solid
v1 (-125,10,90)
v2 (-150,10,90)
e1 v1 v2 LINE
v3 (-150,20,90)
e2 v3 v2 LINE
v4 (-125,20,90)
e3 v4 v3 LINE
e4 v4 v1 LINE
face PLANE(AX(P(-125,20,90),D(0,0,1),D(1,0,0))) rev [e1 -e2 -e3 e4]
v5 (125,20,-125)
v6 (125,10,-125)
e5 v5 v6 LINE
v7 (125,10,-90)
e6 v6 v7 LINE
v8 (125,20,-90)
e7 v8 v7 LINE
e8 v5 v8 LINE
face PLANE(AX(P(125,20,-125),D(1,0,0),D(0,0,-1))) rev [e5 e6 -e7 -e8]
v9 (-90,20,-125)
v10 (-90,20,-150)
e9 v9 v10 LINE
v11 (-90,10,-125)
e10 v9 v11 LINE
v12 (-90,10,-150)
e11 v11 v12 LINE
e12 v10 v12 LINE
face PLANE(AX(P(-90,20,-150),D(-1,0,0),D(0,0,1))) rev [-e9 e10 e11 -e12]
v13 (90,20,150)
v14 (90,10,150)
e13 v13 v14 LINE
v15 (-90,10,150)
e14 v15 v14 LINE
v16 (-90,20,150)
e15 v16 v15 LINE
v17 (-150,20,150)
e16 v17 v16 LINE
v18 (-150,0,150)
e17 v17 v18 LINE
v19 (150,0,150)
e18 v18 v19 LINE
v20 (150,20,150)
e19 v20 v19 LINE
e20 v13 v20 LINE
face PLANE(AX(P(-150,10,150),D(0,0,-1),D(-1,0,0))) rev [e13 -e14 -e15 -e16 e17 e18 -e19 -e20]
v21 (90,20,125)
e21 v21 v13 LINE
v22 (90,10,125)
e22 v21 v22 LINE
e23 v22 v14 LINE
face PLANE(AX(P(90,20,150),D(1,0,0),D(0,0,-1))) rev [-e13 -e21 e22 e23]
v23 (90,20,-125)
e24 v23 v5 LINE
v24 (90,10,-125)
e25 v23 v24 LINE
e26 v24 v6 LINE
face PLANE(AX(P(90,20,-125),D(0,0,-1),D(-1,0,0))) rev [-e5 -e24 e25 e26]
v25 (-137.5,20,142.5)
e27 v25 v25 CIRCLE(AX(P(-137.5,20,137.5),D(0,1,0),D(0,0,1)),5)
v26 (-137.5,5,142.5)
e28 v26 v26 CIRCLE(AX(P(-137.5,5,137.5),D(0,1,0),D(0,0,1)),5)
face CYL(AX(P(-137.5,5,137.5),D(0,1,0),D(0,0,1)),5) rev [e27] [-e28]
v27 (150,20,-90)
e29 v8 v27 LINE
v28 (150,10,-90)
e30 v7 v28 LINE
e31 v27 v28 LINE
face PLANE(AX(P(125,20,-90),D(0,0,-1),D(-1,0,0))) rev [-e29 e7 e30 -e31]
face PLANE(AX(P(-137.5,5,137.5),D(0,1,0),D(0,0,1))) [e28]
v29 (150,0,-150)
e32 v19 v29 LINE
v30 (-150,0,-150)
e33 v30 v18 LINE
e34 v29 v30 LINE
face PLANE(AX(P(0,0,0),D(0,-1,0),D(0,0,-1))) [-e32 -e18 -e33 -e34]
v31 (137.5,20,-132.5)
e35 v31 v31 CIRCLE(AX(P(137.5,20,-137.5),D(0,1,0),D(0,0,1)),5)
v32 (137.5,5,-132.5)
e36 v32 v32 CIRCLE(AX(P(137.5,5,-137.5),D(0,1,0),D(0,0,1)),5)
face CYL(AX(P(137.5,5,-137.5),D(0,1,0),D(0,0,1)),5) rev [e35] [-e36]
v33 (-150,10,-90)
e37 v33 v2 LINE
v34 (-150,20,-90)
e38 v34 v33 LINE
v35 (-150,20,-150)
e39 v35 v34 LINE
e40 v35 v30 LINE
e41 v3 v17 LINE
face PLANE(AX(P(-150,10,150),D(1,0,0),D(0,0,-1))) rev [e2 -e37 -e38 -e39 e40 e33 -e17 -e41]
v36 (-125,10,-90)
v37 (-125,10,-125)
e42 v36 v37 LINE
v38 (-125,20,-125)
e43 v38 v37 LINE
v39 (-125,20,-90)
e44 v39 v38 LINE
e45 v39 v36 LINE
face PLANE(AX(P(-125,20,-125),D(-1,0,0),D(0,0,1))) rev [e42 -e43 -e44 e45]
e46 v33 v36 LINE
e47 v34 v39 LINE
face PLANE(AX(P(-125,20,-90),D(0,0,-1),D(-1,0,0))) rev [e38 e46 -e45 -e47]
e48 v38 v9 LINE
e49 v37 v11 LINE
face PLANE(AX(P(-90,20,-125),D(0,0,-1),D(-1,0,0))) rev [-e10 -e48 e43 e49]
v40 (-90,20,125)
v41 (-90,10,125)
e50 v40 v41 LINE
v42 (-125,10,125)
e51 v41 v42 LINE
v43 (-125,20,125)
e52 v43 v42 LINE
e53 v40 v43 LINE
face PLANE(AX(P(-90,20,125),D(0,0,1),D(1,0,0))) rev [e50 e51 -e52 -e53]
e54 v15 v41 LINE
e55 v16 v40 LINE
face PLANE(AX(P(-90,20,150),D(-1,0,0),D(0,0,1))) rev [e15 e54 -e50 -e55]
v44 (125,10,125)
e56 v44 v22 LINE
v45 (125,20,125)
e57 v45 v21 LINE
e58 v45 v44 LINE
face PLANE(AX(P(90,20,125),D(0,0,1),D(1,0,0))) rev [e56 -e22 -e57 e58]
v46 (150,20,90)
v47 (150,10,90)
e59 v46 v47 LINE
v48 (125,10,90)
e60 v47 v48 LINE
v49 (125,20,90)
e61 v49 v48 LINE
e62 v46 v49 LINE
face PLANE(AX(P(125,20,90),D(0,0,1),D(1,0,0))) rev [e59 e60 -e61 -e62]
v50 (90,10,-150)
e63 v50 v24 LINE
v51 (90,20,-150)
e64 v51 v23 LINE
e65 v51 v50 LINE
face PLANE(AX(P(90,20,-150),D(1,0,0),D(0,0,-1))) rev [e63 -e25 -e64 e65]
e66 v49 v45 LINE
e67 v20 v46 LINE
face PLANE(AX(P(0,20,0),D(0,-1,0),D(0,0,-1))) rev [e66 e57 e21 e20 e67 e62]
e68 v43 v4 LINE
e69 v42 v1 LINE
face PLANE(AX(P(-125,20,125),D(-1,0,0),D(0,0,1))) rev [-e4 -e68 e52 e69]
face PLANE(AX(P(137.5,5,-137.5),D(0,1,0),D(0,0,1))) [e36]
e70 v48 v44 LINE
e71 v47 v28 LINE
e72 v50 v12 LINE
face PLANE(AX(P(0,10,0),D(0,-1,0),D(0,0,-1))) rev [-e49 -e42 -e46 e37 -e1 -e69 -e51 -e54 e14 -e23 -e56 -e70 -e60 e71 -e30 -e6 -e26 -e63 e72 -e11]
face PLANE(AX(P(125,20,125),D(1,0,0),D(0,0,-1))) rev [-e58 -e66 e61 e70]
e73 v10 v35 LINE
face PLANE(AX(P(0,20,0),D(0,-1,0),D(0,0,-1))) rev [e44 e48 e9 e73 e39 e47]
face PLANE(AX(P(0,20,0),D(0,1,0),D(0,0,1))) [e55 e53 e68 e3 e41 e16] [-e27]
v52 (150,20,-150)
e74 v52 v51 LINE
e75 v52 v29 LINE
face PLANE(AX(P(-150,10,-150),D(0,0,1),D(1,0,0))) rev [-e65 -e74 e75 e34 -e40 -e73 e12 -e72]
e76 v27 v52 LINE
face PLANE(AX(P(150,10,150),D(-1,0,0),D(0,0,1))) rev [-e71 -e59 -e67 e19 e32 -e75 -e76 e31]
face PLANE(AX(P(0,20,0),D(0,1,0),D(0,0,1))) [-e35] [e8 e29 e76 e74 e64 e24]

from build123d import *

# Parameters (mm, degrees)
SKETCH1_W           = 300
SKETCH1_H           = 300
BOSS_EXTRUDE1_DEPTH = 10
BOSS_EXTRUDE2_DEPTH = 10
SKETCH3_R           = 5
CUT_EXTRUDE1_DEPTH  = 15


with BuildPart() as part:
    # Sketch1 → Boss-Extrude1 (new body)
    with BuildSketch(Plane(origin=(0, 0, 0), x_dir=(1, 0, 0), z_dir=(0, 1, 0))):
        Rectangle(SKETCH1_W, SKETCH1_H)
    extrude(amount=BOSS_EXTRUDE1_DEPTH)

    # Sketch2 → Boss-Extrude2 (add)
    with BuildSketch(Plane(origin=(0, 10, 0), x_dir=(1, 0, 0), z_dir=(0, 1, 0))):
        Polygon((150, 150), (90, 150), (90, 125), (125, 125), (125, 90), (150, 90), align=None)
        Polygon((-150, 90), (-150, 150), (-90, 150), (-90, 125), (-125, 125), (-125, 90), align=None)
        Polygon((-150, -150), (-90, -150), (-90, -125), (-125, -125), (-125, -90), (-150, -90), align=None)
        Polygon((150, -90), (150, -150), (90, -150), (90, -125), (125, -125), (125, -90), align=None)
    extrude(amount=BOSS_EXTRUDE2_DEPTH)

    # Sketch3 → Cut-Extrude1 (cut)
    with BuildSketch(Plane(origin=(0, 20, 0), x_dir=(1, 0, 0), z_dir=(0, 1, 0))):
        with Locations(Location((-137.5, -137.5, 0), (0, 0, 270))):
            Circle(SKETCH3_R)
        with Locations(Location((137.5, 137.5, 0), (0, 0, 270))):
            Circle(SKETCH3_R)
    extrude(amount=-CUT_EXTRUDE1_DEPTH, mode=Mode.SUBTRACT)


solid = part.part
